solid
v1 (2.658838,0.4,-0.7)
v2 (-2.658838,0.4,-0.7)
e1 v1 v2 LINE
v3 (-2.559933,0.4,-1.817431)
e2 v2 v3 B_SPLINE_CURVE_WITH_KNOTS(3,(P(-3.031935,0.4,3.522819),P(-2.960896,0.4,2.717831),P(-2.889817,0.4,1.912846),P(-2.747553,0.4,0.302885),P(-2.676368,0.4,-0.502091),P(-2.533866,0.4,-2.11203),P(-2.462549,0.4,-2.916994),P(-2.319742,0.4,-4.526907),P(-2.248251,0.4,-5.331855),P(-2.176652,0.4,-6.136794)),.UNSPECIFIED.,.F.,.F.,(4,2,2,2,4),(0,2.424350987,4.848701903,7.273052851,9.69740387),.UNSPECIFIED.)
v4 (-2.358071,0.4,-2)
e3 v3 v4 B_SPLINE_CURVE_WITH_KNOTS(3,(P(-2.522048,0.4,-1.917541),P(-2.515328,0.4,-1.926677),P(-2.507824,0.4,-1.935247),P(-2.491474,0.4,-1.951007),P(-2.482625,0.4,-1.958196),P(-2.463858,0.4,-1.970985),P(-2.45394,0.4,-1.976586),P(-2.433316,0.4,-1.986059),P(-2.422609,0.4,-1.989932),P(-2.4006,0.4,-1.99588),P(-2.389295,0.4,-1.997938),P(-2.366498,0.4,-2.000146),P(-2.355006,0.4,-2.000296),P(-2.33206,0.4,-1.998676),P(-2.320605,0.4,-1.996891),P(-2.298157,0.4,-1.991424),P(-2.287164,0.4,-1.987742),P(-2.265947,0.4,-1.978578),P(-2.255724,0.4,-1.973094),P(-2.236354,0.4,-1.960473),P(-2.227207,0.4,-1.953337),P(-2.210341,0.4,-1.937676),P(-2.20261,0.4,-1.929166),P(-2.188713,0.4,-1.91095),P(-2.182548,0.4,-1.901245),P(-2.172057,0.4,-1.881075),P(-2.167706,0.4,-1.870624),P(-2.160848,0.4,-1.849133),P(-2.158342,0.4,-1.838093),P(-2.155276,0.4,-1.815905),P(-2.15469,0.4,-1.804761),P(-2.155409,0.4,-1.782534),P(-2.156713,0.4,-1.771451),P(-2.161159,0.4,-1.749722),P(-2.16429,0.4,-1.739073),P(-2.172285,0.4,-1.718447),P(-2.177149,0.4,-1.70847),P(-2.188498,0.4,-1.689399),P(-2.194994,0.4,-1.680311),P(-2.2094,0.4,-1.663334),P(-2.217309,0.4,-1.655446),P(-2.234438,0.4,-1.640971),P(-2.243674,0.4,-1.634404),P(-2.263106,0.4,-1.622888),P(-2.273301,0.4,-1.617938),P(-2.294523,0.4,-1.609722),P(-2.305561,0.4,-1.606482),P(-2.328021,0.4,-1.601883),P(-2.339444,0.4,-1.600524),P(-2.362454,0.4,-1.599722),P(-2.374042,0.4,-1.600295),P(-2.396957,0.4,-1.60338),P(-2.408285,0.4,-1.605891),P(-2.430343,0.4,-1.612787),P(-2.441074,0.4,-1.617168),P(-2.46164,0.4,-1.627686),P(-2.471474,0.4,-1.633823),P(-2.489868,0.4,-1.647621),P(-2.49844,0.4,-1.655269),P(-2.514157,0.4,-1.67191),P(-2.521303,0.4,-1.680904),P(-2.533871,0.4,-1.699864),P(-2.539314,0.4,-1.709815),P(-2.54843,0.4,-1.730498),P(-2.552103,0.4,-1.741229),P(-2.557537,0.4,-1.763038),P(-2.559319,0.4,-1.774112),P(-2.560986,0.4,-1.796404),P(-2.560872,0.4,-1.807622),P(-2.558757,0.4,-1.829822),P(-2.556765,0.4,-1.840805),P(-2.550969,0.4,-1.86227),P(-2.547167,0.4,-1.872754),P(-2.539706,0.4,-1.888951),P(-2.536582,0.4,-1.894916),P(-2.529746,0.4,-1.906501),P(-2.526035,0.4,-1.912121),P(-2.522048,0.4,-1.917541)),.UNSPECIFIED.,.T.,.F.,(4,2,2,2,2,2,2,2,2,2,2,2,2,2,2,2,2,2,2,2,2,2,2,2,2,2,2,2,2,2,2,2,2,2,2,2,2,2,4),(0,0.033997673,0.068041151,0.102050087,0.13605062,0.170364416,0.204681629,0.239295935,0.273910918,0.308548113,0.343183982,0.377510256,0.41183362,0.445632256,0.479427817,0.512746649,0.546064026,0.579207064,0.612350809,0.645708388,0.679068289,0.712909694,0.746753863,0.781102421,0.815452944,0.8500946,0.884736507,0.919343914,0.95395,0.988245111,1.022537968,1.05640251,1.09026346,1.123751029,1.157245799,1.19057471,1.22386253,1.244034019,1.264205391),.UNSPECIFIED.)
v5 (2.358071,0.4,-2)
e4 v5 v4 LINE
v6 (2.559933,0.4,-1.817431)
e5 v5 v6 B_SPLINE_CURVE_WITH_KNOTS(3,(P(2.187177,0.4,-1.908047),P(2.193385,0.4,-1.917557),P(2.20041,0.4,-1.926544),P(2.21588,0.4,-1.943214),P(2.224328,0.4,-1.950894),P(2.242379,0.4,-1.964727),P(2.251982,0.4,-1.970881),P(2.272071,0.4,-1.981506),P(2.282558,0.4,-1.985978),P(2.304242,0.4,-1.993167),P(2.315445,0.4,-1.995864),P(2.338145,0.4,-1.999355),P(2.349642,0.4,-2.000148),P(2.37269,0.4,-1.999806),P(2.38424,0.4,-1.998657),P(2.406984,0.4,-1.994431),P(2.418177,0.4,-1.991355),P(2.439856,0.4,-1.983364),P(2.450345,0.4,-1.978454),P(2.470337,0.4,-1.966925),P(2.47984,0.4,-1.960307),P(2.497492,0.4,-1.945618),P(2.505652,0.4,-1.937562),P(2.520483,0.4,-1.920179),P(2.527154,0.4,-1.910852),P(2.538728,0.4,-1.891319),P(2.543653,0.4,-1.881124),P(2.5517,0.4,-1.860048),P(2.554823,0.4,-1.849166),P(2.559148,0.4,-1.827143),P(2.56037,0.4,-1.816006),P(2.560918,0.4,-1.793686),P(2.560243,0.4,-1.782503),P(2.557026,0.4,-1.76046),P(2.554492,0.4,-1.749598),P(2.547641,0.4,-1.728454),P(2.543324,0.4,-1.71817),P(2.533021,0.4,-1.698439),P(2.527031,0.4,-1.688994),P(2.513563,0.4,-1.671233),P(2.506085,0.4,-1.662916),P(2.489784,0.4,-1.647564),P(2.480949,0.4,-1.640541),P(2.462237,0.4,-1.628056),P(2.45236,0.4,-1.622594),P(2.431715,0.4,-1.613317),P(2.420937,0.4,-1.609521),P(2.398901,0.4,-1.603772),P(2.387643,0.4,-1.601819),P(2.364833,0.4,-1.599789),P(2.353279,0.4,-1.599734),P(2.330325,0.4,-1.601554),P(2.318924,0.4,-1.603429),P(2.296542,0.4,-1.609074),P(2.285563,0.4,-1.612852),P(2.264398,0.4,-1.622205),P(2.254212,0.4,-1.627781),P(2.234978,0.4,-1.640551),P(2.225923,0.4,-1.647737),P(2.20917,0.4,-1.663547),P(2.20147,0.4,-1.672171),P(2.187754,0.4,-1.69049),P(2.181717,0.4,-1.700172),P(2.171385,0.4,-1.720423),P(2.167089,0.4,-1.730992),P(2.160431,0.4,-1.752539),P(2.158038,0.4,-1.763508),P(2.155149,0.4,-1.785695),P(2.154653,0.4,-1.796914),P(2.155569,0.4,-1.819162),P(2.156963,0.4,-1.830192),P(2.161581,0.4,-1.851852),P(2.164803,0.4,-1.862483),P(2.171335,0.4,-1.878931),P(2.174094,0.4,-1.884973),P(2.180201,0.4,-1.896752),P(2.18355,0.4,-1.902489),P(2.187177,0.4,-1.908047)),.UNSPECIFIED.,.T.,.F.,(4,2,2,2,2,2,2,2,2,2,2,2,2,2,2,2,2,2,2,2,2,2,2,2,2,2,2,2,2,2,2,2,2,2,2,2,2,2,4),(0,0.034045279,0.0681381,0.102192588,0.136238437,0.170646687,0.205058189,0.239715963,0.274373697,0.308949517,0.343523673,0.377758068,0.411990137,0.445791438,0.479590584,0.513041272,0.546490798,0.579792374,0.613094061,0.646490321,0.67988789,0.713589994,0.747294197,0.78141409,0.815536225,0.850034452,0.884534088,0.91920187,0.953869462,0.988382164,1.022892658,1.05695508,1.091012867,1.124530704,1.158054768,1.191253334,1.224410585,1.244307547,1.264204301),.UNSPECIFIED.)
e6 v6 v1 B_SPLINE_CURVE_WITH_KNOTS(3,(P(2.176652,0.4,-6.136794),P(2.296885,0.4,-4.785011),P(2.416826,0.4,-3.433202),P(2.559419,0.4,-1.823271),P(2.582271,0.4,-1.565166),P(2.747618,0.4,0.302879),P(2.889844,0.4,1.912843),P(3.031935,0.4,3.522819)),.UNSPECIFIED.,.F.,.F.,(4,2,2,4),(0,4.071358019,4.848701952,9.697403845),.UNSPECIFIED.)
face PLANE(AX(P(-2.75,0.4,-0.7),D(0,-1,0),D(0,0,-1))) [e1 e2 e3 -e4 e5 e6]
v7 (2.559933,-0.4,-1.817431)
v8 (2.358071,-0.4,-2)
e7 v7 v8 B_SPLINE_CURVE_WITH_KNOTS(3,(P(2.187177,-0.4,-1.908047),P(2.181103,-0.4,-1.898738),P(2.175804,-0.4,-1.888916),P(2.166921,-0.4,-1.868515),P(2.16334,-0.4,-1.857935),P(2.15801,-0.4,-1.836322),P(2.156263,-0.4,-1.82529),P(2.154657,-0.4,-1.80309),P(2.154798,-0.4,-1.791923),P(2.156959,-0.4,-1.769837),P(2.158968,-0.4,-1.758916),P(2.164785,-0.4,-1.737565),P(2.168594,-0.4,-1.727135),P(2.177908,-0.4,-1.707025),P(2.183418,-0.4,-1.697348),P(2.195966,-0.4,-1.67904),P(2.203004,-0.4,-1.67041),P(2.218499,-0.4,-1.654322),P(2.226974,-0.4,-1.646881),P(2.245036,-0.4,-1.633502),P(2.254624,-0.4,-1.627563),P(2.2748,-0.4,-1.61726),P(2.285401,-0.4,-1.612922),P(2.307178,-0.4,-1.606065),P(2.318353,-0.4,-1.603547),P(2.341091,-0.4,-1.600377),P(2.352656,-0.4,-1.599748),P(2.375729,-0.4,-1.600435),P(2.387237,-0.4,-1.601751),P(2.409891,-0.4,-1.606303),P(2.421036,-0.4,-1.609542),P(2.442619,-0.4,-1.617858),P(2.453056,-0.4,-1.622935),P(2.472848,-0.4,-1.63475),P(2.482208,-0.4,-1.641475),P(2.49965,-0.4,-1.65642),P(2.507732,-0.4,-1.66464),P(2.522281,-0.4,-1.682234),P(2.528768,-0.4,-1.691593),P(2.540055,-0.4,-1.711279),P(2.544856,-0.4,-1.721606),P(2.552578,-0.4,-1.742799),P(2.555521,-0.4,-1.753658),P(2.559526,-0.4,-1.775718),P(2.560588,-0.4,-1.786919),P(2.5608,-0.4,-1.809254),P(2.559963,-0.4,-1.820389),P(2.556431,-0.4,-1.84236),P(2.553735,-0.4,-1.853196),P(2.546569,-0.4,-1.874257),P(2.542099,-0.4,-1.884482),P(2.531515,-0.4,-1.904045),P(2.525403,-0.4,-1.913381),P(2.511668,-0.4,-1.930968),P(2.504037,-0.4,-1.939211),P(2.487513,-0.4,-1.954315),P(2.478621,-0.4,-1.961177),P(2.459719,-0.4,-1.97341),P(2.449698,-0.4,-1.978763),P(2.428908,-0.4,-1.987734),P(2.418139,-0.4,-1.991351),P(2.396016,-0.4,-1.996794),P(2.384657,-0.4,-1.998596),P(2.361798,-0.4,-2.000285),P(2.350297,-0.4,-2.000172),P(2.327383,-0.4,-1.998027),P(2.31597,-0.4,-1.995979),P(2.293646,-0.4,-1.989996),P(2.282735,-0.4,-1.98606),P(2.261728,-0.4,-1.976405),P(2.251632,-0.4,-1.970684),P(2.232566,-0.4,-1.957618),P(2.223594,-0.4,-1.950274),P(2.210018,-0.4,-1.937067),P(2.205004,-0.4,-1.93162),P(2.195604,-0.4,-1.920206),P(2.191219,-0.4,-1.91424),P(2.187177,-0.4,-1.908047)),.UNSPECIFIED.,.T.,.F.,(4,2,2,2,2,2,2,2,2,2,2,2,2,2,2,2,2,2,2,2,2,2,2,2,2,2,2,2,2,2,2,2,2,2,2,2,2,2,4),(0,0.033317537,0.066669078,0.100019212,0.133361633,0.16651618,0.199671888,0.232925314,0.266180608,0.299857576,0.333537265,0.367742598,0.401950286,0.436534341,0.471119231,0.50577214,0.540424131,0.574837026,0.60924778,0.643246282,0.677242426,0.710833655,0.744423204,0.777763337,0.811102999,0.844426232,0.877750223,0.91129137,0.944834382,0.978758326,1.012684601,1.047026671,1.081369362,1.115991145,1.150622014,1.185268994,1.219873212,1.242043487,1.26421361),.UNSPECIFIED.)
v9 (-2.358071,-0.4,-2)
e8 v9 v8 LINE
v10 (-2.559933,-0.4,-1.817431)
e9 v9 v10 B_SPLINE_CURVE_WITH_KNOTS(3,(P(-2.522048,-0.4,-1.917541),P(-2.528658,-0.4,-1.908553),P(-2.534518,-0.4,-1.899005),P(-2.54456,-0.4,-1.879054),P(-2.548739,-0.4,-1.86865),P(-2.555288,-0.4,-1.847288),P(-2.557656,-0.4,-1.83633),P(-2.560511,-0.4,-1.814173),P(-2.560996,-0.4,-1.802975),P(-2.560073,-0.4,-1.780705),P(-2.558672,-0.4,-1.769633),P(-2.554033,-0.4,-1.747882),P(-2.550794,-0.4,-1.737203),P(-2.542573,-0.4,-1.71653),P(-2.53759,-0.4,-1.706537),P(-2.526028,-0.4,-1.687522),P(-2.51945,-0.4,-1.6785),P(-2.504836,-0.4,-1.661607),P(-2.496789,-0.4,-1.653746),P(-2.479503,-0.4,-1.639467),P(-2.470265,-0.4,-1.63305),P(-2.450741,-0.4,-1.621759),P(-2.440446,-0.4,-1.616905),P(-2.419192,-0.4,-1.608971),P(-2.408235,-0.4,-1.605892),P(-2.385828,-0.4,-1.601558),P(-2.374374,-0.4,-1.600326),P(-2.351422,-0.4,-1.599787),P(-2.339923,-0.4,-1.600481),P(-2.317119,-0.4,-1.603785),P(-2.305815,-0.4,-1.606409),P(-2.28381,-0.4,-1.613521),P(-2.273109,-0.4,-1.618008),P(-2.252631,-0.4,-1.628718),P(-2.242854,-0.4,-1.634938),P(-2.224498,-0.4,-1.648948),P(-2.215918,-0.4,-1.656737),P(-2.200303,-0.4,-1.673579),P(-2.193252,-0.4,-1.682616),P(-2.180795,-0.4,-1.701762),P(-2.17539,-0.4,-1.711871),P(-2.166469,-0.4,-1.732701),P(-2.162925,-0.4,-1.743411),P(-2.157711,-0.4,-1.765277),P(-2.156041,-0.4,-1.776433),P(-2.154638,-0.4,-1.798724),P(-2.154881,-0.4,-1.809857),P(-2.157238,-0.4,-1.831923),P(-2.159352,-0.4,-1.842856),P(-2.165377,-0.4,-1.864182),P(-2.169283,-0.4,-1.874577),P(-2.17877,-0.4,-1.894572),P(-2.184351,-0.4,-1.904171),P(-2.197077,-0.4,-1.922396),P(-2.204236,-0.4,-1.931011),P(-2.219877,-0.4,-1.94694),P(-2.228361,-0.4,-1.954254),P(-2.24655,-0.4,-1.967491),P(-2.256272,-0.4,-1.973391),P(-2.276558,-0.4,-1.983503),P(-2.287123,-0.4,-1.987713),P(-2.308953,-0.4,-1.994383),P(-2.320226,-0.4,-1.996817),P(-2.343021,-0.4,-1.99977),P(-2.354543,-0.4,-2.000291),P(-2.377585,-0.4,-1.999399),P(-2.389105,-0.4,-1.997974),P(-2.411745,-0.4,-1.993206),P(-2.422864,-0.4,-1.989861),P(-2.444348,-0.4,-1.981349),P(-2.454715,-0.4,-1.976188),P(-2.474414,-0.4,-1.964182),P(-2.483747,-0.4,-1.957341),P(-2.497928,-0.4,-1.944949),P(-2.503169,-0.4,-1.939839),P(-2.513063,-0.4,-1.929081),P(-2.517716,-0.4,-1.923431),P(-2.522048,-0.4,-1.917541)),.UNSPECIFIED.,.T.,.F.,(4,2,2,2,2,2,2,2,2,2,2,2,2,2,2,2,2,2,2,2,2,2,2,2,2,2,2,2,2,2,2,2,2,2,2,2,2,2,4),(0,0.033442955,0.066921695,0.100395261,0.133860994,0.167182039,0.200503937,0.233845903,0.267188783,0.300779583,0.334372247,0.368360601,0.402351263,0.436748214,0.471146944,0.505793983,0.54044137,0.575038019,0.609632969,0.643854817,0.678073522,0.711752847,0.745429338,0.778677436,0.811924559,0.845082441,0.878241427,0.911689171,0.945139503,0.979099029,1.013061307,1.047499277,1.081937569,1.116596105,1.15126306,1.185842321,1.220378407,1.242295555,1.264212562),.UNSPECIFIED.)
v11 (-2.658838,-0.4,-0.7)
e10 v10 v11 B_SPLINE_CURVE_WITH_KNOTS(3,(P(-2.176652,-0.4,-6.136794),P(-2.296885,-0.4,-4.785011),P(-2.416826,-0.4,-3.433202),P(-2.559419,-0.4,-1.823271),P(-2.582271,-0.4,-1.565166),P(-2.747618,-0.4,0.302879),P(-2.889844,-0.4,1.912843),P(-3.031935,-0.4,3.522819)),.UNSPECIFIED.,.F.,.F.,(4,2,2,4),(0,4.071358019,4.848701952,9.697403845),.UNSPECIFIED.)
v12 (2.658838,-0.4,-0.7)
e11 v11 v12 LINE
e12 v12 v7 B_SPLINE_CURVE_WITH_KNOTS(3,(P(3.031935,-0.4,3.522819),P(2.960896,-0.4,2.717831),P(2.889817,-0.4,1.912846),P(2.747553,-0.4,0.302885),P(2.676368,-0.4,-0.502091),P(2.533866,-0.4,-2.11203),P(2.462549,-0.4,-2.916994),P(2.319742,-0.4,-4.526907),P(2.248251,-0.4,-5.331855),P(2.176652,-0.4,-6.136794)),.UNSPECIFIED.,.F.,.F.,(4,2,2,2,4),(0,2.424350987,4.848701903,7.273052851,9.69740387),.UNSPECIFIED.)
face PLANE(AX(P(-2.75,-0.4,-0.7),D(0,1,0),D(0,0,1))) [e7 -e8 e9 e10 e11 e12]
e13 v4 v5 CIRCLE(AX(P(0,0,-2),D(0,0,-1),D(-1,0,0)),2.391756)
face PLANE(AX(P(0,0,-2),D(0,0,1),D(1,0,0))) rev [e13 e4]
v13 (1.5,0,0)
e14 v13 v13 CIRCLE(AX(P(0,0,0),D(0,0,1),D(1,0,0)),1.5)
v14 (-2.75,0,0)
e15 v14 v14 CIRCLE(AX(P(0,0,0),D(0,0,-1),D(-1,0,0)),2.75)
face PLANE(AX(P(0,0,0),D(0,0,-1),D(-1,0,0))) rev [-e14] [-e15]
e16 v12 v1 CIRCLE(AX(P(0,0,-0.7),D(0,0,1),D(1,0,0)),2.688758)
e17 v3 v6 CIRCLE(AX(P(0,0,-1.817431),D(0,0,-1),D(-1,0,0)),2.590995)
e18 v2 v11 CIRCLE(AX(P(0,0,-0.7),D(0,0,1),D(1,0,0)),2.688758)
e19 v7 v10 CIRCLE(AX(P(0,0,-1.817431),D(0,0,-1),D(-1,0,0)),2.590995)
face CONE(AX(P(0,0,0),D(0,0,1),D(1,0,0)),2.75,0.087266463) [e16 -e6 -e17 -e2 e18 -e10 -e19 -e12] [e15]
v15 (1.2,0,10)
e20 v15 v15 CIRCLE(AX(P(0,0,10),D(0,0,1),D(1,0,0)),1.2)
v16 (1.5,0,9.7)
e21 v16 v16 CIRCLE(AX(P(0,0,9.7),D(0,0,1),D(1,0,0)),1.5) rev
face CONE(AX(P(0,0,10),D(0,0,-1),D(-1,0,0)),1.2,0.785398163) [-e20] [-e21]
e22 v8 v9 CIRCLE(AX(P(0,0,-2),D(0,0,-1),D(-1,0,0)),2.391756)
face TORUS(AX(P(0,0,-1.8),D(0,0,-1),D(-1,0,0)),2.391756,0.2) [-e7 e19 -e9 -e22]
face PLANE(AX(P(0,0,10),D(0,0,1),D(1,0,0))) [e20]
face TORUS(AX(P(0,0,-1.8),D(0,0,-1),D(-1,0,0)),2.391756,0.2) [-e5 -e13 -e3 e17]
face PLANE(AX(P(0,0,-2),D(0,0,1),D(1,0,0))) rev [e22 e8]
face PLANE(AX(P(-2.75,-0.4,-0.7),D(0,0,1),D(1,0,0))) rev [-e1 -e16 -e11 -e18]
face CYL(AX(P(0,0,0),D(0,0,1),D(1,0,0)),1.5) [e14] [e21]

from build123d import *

# Parameters (mm, degrees)
ESQUISSE2_W             = 5.5
ESQUISSE2_H             = 0.8
ENLEV_MAT_EXTRU_1_DEPTH = 1.3
ESQUISSE3_W             = 1.5
ESQUISSE3_H             = 10
CHANFREIN1_SIZE         = 0.3


with BuildPart() as part:
    # Esquisse1 → Base-Révolution (revolve)
    with BuildSketch(Plane(origin=(0, 0, 0), x_dir=(1, 0, 0), z_dir=(0, 1, 0))):
        with BuildLine():
            Line((0, 0), (2.75, 0))
            Line((2.75, 0), (2.590995378, 1.817431149))
            ThreePointArc((2.590995378, 1.817431149), (2.52687448, 1.947455467), (2.391756438, 2))
            Line((2.391756438, 2), (0, 2))
            Line((0, 2), (0, 0))
        make_face()
    revolve(axis=Axis((0, 0, 0), (0, 0, -1)))

    # Esquisse2 → Enlev. mat.-Extru.1 (cut)
    with BuildSketch(Plane.XY.offset(-2)):
        Rectangle(ESQUISSE2_W, ESQUISSE2_H)
    extrude(amount=ENLEV_MAT_EXTRU_1_DEPTH, mode=Mode.SUBTRACT)

    # Esquisse3 → Boss.-Révol.1 (revolve)
    with BuildSketch(Plane(origin=(0, 0, 0), x_dir=(1, 0, 0), z_dir=(0, 1, 0))):
        with Locations((0.75, -5)):
            Rectangle(ESQUISSE3_W, ESQUISSE3_H)
    revolve(axis=Axis((0, 0, 0), (0, 0, 1)))

    # Chanfrein1
    chanfrein1_edges = [part.edges().sort_by_distance(p)[0] for p in [
        (-1.5, 0, 10),
    ]]
    chamfer(chanfrein1_edges, length=CHANFREIN1_SIZE)


solid = part.part
